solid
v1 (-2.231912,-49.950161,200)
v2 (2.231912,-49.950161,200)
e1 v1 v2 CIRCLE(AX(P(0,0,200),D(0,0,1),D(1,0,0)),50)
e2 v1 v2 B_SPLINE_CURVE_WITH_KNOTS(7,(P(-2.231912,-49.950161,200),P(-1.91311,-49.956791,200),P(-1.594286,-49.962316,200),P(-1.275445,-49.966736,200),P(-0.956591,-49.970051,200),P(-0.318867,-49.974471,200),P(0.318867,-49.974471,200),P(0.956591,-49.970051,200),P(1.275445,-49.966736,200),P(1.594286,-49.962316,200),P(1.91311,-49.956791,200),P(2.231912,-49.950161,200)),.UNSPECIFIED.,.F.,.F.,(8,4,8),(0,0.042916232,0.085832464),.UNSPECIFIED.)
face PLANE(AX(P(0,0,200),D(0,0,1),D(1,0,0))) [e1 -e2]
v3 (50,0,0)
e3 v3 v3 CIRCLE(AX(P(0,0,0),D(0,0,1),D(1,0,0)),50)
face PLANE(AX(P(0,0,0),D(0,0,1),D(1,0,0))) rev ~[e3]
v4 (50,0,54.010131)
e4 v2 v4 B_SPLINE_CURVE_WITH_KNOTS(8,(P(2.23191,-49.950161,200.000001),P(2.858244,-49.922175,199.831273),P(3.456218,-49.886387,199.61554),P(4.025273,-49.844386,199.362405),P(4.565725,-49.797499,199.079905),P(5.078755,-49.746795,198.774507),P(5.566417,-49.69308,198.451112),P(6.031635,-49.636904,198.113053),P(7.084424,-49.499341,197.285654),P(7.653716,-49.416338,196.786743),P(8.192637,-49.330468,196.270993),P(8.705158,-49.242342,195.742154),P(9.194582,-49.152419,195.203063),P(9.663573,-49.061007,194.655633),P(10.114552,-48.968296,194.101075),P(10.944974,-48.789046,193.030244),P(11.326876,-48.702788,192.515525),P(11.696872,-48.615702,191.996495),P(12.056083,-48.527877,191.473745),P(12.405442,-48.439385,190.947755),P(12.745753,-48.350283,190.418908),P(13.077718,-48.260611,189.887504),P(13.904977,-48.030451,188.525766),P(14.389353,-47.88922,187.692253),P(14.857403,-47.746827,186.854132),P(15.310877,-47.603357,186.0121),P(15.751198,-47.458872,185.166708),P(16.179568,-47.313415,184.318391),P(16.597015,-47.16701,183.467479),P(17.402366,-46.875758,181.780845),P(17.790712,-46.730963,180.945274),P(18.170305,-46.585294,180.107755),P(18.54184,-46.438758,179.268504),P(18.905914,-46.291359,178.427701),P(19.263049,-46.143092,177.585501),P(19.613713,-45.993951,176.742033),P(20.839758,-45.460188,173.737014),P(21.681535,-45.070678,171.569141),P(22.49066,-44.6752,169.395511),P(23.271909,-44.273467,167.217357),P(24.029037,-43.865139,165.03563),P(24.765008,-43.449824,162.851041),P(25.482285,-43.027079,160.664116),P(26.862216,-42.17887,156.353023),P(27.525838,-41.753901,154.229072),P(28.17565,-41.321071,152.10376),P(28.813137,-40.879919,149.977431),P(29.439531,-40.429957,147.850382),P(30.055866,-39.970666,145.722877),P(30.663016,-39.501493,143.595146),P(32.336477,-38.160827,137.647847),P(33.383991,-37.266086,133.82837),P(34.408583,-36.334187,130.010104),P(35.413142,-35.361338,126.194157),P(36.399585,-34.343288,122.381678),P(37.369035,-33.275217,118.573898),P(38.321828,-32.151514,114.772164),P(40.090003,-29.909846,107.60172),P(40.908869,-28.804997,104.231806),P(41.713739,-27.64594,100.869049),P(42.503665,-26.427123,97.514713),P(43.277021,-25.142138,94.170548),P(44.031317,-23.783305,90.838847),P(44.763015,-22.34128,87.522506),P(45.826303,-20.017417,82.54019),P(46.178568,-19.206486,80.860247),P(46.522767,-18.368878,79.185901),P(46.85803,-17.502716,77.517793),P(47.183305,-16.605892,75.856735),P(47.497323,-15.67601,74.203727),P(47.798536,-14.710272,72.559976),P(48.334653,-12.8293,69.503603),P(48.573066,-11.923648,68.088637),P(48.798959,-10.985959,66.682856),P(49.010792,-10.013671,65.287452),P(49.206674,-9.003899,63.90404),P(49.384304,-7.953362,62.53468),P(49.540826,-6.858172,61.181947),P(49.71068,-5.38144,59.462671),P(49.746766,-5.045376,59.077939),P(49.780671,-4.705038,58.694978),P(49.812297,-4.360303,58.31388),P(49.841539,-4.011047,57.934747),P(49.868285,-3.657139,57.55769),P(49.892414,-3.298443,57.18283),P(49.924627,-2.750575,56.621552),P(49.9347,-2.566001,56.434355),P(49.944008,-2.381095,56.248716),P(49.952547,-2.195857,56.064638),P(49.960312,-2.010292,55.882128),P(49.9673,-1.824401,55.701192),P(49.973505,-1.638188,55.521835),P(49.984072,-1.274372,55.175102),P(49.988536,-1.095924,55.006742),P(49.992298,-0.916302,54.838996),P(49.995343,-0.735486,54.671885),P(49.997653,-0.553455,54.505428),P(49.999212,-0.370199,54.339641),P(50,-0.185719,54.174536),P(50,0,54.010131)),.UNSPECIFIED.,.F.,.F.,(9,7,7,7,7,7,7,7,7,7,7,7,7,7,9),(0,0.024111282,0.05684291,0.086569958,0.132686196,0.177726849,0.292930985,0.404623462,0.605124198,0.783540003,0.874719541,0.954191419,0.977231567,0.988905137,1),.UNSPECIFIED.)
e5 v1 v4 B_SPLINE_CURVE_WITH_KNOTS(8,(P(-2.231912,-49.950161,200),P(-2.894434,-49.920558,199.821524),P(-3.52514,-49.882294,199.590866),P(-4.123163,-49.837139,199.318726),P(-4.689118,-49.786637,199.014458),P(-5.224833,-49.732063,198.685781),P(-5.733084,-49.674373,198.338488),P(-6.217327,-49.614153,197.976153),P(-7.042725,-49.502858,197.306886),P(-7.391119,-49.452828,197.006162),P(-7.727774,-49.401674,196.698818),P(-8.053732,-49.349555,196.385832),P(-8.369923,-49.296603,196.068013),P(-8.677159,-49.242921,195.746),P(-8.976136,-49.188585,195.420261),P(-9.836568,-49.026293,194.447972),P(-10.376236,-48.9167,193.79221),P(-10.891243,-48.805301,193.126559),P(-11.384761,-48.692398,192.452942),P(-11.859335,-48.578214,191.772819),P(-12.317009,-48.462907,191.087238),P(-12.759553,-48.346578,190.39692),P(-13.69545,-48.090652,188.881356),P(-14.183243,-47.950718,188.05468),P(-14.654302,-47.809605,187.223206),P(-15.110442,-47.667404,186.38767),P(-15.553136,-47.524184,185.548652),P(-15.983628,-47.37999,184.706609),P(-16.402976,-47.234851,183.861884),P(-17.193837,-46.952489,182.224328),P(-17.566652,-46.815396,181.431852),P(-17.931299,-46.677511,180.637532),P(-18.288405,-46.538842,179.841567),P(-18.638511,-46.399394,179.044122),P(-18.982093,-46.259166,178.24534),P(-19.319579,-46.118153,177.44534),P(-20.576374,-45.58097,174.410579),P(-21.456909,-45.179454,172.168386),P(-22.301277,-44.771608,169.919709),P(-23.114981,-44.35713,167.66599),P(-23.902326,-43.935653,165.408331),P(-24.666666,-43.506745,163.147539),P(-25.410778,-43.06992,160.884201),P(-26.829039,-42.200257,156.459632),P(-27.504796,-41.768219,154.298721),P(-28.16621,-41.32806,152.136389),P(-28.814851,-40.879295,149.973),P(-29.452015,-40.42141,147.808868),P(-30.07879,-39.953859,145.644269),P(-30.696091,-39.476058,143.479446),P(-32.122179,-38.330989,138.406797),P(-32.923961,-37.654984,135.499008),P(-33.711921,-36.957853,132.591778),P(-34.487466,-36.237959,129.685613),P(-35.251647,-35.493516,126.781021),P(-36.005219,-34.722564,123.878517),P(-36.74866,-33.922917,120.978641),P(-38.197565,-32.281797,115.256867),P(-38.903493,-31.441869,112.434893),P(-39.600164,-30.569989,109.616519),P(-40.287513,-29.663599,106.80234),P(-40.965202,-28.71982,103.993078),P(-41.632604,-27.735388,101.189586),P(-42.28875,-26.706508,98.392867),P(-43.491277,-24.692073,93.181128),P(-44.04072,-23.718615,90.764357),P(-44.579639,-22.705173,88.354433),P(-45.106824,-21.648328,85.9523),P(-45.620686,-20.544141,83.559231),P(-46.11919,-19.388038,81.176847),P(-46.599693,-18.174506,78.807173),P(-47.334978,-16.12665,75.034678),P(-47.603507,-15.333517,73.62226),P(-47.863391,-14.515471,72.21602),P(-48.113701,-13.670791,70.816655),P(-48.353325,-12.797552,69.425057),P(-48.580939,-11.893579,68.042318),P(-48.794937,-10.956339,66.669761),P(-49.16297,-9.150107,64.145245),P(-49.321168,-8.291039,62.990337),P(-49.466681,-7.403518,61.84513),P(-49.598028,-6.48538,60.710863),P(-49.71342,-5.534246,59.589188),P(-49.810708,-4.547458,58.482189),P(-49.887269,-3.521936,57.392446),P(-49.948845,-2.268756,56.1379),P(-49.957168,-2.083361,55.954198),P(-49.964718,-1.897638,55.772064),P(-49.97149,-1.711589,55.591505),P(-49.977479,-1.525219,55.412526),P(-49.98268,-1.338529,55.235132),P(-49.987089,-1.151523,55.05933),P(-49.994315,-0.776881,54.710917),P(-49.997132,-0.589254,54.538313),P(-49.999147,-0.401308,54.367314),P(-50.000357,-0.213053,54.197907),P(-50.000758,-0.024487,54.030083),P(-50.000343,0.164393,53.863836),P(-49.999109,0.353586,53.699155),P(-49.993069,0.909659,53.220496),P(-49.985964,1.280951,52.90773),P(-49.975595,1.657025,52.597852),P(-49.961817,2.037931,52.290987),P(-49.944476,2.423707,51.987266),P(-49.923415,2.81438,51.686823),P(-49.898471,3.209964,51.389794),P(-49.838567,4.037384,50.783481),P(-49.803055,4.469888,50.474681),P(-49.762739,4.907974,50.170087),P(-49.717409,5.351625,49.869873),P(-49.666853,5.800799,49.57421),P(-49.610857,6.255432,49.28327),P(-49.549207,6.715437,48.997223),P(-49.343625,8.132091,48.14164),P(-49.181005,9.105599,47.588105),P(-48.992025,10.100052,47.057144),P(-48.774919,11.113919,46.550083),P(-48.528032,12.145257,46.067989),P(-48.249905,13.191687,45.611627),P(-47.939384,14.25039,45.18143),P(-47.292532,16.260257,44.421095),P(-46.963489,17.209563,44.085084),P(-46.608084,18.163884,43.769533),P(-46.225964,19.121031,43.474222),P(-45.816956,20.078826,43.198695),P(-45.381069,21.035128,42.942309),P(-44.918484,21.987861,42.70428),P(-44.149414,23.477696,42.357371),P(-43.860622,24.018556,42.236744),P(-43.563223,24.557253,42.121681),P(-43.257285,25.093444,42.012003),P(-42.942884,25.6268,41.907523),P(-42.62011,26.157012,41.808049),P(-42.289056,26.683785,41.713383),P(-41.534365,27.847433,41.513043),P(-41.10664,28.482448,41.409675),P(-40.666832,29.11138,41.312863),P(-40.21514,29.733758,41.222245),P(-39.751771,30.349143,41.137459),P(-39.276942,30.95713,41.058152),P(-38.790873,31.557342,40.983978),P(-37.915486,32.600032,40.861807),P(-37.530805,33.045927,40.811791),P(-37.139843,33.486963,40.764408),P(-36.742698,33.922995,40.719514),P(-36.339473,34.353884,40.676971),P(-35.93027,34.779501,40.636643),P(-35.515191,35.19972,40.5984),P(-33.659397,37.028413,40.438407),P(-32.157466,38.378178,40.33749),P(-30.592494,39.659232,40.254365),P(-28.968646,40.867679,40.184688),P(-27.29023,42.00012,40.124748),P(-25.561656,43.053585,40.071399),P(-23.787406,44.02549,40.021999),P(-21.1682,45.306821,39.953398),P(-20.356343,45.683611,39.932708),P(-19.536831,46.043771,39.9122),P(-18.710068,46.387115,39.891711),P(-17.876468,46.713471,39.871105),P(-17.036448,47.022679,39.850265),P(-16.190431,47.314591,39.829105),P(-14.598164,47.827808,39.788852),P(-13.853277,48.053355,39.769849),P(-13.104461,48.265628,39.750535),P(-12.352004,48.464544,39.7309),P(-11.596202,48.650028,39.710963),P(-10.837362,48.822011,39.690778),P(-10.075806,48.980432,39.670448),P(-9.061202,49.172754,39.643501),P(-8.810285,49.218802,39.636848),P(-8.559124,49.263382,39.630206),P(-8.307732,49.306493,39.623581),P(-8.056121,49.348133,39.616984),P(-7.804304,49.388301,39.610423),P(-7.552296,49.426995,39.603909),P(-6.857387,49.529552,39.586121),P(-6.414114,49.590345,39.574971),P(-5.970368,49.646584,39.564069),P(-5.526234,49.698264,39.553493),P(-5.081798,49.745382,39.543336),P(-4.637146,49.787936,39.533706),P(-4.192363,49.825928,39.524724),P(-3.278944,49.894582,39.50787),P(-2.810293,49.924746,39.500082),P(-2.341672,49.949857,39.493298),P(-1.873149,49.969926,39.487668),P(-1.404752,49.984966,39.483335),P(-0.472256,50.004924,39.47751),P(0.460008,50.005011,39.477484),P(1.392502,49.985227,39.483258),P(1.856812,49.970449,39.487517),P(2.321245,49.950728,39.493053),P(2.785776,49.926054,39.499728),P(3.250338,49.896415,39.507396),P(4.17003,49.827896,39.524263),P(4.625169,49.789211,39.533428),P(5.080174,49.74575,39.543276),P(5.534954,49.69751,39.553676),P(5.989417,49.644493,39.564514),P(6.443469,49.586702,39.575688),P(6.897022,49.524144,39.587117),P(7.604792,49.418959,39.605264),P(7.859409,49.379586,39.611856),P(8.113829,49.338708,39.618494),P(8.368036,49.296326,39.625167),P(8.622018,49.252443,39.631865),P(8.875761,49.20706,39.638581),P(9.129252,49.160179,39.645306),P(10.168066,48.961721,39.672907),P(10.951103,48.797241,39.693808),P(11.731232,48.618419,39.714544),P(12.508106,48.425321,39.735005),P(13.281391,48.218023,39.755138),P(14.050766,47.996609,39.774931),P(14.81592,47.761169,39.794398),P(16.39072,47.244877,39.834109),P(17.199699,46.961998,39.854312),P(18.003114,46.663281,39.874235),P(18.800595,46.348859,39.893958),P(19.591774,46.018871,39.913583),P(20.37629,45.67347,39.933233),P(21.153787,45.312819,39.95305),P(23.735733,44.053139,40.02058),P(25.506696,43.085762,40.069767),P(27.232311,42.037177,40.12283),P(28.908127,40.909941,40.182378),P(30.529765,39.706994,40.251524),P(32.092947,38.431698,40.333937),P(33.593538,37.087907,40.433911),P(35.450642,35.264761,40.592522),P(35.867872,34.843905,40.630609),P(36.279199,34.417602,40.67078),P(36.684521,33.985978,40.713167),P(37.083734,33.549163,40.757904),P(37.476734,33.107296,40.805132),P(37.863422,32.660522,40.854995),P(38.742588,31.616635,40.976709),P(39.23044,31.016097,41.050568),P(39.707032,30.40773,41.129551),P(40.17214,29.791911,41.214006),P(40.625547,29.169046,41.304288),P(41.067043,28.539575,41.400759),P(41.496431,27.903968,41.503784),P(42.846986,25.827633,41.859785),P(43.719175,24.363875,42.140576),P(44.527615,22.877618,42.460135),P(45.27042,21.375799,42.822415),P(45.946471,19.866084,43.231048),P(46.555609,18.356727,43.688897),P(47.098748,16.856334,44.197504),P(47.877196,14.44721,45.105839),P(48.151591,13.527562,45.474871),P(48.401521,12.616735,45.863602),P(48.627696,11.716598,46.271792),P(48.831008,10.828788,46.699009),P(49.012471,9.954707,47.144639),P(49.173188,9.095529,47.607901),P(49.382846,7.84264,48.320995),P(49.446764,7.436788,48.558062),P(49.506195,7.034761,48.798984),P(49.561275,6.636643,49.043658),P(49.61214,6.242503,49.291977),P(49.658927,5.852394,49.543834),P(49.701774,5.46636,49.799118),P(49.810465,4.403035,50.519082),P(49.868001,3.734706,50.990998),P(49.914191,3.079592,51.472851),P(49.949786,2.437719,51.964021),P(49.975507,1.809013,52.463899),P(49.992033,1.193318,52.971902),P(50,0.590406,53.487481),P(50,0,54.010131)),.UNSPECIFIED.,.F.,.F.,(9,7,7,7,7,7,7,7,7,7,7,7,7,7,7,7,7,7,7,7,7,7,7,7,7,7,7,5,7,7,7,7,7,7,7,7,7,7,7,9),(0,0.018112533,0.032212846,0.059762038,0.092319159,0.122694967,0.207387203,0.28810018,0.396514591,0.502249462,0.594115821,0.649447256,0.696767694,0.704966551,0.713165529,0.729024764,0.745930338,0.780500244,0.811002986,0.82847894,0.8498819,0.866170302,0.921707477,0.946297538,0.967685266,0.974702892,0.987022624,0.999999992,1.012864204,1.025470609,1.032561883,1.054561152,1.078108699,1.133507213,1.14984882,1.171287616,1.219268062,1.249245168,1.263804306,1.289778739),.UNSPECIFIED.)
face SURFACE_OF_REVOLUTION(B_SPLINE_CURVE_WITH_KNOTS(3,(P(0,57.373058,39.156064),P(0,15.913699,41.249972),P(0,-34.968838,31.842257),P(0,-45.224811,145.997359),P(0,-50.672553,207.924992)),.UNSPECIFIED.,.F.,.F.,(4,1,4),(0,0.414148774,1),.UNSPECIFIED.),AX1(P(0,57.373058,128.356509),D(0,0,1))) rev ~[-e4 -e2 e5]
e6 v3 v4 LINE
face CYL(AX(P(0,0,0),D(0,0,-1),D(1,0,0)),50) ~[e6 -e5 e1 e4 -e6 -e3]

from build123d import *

# Parameters (mm, degrees)
F0_R     = 50
F1_DEPTH = 200


with BuildPart() as f1:
    # F0 (on Top) → F1 (new body)
    with BuildSketch(Plane.XY):
        Circle(F0_R)
    extrude(amount=F1_DEPTH)

    # F2 (on Right) → F3 (revolve, cut)
    with BuildSketch(Plane.YZ):
        with BuildLine():
            add(Edge.make_bspline(
                [(57.3730580509, 39.1560643911), (15.9136988223, 41.2499718368), (-34.9688376544, 31.8422567215), (-45.2248112338, 145.9973593334), (-50.6725534797, 207.9249918461)],
                knots=[0, 0, 0, 0, 0.4141487739, 1, 1, 1, 1], degree=3))
            Line((57.3730580509, 39.1560643911), (57.3730580509, 217.5569534302))
            Line((57.3730580509, 217.5569534302), (-50.6725534797, 207.9249918461))
        make_face()
    revolve(axis=Axis((0, 57.3730580509, 128.3565089107), (0, 0, 1)), mode=Mode.SUBTRACT)


solid = f1.part
